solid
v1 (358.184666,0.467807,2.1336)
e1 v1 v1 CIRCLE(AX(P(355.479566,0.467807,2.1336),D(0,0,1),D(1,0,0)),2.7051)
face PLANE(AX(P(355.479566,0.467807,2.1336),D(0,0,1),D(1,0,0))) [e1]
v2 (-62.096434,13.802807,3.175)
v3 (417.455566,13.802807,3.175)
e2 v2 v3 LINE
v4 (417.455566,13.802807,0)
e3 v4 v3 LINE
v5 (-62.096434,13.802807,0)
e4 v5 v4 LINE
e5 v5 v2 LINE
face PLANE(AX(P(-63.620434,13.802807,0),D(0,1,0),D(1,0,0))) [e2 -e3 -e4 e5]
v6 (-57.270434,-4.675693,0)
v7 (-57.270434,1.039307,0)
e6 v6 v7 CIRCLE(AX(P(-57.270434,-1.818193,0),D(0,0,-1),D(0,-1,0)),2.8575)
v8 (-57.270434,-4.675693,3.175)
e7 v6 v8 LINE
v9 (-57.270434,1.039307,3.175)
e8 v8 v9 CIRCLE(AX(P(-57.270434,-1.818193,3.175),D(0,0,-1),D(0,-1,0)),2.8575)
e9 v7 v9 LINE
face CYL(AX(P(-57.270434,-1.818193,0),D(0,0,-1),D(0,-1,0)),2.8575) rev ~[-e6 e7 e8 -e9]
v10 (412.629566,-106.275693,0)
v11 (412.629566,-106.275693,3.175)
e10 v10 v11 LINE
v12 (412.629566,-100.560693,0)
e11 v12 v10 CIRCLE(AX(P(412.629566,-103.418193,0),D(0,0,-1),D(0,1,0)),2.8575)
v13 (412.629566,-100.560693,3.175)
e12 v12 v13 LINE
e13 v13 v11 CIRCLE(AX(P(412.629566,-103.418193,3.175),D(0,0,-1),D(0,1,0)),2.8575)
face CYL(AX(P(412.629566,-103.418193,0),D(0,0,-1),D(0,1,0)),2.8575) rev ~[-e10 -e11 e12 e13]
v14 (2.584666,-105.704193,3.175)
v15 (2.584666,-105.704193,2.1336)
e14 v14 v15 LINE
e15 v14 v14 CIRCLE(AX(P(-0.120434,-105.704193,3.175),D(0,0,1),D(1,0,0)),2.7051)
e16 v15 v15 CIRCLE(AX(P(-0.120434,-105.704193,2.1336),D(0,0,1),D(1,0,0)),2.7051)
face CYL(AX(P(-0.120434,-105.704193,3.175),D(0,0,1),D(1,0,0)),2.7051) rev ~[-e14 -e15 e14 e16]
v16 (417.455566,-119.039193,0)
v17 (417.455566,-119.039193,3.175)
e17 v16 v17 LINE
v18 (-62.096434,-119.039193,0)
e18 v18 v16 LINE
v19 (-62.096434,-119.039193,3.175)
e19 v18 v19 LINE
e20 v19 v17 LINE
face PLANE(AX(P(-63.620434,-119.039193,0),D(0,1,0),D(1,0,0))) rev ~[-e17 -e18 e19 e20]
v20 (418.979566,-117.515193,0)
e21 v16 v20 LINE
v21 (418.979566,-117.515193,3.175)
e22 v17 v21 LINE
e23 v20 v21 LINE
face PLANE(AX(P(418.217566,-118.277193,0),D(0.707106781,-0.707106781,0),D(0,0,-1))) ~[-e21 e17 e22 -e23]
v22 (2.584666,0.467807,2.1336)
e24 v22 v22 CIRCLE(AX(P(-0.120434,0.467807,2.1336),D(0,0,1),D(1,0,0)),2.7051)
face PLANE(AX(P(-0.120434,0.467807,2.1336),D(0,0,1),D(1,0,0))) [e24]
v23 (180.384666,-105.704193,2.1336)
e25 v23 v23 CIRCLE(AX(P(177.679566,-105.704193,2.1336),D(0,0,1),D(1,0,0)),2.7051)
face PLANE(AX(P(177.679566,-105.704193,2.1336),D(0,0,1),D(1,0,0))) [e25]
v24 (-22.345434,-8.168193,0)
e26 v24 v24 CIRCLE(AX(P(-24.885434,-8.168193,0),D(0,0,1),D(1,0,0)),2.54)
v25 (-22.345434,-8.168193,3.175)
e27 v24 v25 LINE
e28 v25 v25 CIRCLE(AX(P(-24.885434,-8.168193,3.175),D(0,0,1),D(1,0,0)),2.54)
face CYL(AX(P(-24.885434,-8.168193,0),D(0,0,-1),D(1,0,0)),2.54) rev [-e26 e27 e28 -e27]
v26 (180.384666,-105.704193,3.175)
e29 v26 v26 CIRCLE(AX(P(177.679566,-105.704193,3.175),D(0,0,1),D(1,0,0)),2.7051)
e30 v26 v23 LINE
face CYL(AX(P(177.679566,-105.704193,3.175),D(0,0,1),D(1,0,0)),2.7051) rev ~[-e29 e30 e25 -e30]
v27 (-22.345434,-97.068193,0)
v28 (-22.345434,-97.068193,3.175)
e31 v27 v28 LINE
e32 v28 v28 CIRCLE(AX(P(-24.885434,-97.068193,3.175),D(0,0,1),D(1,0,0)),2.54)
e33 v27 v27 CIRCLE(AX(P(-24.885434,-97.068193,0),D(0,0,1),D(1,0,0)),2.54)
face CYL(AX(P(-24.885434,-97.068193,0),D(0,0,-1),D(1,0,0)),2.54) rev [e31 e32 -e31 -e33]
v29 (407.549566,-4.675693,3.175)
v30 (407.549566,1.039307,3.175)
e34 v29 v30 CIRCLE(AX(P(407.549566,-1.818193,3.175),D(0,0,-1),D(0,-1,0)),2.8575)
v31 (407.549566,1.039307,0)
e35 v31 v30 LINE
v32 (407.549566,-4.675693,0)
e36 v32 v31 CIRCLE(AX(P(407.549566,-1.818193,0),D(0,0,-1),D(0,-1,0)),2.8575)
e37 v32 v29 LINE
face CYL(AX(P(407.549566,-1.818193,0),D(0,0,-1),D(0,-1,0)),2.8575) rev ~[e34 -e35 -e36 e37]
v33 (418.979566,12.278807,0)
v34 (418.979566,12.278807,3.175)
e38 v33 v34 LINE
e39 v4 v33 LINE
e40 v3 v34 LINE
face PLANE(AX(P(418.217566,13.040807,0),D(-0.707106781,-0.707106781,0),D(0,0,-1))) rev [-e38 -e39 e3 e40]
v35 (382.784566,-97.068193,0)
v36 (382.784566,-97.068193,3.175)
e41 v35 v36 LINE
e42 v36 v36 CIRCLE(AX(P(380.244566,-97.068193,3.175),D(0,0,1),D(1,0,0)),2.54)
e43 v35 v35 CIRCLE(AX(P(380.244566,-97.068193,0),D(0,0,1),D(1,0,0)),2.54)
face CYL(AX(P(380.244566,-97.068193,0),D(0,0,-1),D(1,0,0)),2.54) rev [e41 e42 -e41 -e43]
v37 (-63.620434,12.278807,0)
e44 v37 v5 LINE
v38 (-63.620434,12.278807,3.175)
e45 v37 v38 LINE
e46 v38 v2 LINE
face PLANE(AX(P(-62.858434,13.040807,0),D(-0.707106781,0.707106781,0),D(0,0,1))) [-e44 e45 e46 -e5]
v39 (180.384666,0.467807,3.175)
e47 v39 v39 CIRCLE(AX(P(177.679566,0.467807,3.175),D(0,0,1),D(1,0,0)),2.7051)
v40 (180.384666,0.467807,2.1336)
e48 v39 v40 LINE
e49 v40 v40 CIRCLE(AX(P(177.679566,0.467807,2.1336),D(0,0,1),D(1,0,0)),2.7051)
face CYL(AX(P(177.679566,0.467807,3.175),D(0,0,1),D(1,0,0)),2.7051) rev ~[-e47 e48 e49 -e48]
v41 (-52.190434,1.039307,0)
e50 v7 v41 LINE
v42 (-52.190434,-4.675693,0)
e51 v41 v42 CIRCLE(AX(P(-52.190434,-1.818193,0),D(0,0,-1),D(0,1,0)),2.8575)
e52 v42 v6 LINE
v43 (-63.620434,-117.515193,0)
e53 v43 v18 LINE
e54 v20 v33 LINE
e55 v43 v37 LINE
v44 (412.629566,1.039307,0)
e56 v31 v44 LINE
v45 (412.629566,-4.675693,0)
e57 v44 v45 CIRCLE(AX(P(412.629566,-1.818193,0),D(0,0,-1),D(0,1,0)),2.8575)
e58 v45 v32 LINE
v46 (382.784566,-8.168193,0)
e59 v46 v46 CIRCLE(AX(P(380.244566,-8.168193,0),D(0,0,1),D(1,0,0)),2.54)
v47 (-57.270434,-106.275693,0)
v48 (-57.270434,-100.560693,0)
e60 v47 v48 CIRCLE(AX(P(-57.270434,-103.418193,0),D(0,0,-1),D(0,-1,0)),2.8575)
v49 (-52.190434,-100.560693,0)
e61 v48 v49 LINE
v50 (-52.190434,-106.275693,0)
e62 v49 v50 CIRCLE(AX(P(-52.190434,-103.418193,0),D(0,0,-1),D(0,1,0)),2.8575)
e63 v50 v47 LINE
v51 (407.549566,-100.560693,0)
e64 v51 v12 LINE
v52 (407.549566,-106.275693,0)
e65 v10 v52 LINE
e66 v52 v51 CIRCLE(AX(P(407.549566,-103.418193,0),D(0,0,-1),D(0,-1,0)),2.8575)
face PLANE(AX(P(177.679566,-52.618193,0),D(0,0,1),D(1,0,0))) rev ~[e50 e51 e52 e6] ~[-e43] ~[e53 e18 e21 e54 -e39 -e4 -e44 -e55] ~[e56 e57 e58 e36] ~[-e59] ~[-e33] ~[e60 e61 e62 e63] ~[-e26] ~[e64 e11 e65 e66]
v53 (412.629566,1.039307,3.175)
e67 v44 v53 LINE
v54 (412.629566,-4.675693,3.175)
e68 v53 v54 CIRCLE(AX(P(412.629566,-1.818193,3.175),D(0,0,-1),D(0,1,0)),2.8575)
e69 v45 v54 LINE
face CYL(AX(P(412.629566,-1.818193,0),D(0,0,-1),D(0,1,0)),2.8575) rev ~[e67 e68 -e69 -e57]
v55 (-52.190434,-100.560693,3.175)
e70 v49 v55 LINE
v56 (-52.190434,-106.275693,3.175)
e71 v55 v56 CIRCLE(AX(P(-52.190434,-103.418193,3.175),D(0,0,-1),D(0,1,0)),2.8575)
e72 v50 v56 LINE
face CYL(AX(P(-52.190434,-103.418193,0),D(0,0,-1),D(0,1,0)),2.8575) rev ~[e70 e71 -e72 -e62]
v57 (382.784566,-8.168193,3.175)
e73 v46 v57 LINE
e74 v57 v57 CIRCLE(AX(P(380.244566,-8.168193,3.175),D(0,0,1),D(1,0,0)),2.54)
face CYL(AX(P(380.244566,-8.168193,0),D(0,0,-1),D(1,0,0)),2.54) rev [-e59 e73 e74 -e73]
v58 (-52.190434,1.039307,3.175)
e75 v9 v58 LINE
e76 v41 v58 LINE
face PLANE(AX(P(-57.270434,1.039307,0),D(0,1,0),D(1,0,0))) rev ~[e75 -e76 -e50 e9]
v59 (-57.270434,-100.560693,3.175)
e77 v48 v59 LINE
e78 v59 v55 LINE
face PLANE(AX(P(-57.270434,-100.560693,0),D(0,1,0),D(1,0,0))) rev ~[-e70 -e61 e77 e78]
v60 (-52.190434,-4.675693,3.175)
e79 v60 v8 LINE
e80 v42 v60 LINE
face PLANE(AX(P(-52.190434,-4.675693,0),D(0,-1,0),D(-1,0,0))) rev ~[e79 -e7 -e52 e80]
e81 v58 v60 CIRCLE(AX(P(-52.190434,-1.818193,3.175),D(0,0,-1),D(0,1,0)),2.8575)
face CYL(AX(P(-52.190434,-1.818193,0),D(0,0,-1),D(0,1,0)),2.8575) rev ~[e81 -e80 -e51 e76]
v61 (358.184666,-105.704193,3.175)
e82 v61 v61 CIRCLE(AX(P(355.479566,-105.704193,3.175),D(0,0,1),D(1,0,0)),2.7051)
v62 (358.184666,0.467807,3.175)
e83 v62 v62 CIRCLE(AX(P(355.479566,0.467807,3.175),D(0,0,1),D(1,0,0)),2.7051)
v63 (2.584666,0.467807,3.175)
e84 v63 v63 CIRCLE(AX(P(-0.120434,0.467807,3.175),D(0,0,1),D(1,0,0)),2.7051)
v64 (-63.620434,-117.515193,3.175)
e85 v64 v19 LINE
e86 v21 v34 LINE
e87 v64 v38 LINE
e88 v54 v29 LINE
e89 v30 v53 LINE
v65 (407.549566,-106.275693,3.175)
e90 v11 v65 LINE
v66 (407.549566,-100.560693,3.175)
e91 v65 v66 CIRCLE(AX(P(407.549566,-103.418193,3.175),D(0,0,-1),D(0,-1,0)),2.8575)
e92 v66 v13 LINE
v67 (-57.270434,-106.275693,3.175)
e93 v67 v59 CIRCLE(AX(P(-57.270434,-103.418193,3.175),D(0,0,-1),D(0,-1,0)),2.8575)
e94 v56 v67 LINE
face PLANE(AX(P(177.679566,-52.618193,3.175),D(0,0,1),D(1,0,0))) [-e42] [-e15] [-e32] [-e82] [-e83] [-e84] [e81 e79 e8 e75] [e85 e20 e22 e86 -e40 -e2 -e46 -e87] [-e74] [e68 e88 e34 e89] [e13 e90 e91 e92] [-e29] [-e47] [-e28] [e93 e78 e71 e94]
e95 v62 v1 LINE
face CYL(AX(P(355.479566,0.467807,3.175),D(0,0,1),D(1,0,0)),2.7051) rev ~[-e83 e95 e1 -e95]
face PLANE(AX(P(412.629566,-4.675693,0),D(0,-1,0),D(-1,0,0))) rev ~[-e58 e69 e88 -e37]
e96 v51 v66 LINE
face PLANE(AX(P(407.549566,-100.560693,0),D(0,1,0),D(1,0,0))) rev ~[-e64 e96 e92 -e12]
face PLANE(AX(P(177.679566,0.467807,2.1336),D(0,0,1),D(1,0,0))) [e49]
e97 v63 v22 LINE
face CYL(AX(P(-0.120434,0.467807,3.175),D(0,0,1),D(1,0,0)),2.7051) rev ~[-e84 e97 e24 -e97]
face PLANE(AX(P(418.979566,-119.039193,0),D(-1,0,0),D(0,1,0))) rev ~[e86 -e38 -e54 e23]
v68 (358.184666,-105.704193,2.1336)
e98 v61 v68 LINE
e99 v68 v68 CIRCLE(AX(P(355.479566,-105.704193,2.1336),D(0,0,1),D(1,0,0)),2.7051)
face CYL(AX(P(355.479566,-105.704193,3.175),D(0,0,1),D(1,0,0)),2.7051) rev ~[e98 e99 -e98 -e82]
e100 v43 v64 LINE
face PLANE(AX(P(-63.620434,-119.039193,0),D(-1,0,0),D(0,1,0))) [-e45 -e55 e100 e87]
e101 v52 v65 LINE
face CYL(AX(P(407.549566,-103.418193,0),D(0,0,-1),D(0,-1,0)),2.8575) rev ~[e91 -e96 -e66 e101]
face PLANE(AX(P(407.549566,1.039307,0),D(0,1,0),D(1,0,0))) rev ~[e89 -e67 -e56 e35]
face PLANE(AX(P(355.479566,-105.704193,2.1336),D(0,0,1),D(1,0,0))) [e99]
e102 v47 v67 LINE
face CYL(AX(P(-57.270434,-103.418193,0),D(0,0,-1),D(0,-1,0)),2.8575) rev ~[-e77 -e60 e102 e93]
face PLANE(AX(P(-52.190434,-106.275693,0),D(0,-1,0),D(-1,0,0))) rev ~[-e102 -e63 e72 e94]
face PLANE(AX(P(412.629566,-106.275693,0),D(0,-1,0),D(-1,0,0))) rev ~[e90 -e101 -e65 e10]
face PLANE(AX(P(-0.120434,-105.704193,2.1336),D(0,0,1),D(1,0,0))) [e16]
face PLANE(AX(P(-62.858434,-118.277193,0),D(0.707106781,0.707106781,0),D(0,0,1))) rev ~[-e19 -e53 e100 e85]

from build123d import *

# Parameters (mm, degrees)
SKETCH1_W           = 482.6
SKETCH1_H           = 132.842
SKETCH1_R           = 2.54
BOSS_EXTRUDE1_DEPTH = 3.175
SKETCH5_R           = 2.7051
CUT_EXTRUDE2_DEPTH  = 1.0414
CHAMFER1_SIZE       = 1.524


with BuildPart() as part:
    # Sketch1 → Boss-Extrude1 (new body)
    with BuildSketch(Plane.XY):
        with Locations((177.679566293, -52.618193378)):
            Rectangle(SKETCH1_W, SKETCH1_H)
        with Locations((-24.885433707, -8.168193378)):
            Circle(SKETCH1_R, mode=Mode.SUBTRACT)
        with Locations((-24.885433707, -97.068193378)):
            Circle(SKETCH1_R, mode=Mode.SUBTRACT)
        with Locations((380.244566293, -97.068193378)):
            Circle(SKETCH1_R, mode=Mode.SUBTRACT)
        with Locations((380.244566293, -8.168193378)):
            Circle(SKETCH1_R, mode=Mode.SUBTRACT)
        with BuildLine():
            Line((-57.270433707, 1.039306622), (-52.190433707, 1.039306622))
            ThreePointArc((-52.190433707, 1.039306622), (-49.332933707, -1.818193378), (-52.190433707, -4.675693378))
            Line((-52.190433707, -4.675693378), (-57.270433707, -4.675693378))
            ThreePointArc((-57.270433707, -4.675693378), (-60.127933707, -1.818193378), (-57.270433707, 1.039306622))
        make_face(mode=Mode.SUBTRACT)
        with BuildLine():
            Line((407.549566293, 1.039306622), (412.629566293, 1.039306622))
            ThreePointArc((412.629566293, 1.039306622), (415.487066293, -1.818193378), (412.629566293, -4.675693378))
            Line((412.629566293, -4.675693378), (407.549566293, -4.675693378))
            ThreePointArc((407.549566293, -4.675693378), (404.692066293, -1.818193378), (407.549566293, 1.039306622))
        make_face(mode=Mode.SUBTRACT)
        with BuildLine():
            Line((-57.270433707, -100.560693378), (-52.190433707, -100.560693378))
            ThreePointArc((-52.190433707, -100.560693378), (-49.332933707, -103.418193378), (-52.190433707, -106.275693378))
            Line((-52.190433707, -106.275693378), (-57.270433707, -106.275693378))
            ThreePointArc((-57.270433707, -106.275693378), (-60.127933707, -103.418193378), (-57.270433707, -100.560693378))
        make_face(mode=Mode.SUBTRACT)
        with BuildLine():
            Line((407.549566293, -100.560693378), (412.629566293, -100.560693378))
            ThreePointArc((412.629566293, -100.560693378), (415.487066293, -103.418193378), (412.629566293, -106.275693378))
            Line((412.629566293, -106.275693378), (407.549566293, -106.275693378))
            ThreePointArc((407.549566293, -106.275693378), (404.692066293, -103.418193378), (407.549566293, -100.560693378))
        make_face(mode=Mode.SUBTRACT)
    extrude(amount=BOSS_EXTRUDE1_DEPTH)

    # Sketch5 → Cut-Extrude2 (cut)
    with BuildSketch(Plane.XY.offset(3.175)):
        with Locations((-0.120433707, 0.467806622)):
            Circle(SKETCH5_R)
        with Locations((177.679566293, 0.467806622)):
            Circle(SKETCH5_R)
        with Locations((355.479566293, 0.467806622)):
            Circle(SKETCH5_R)
        with Locations((177.679566293, -105.704193378)):
            Circle(SKETCH5_R)
        with Locations((355.479566293, -105.704193378)):
            Circle(SKETCH5_R)
        with Locations((-0.120433707, -105.704193378)):
            Circle(SKETCH5_R)
    extrude(amount=-CUT_EXTRUDE2_DEPTH, mode=Mode.SUBTRACT)

    # Chamfer1
    chamfer1_edges = [part.edges().sort_by_distance(p)[0] for p in [
        (-63.620433707, 13.802806622, 1.5875),
        (418.979566293, 13.802806622, 1.5875),
        (418.979566293, -119.039193378, 1.5875),
        (-63.620433707, -119.039193378, 1.5875),
    ]]
    chamfer(chamfer1_edges, length=CHAMFER1_SIZE)


solid = part.part
